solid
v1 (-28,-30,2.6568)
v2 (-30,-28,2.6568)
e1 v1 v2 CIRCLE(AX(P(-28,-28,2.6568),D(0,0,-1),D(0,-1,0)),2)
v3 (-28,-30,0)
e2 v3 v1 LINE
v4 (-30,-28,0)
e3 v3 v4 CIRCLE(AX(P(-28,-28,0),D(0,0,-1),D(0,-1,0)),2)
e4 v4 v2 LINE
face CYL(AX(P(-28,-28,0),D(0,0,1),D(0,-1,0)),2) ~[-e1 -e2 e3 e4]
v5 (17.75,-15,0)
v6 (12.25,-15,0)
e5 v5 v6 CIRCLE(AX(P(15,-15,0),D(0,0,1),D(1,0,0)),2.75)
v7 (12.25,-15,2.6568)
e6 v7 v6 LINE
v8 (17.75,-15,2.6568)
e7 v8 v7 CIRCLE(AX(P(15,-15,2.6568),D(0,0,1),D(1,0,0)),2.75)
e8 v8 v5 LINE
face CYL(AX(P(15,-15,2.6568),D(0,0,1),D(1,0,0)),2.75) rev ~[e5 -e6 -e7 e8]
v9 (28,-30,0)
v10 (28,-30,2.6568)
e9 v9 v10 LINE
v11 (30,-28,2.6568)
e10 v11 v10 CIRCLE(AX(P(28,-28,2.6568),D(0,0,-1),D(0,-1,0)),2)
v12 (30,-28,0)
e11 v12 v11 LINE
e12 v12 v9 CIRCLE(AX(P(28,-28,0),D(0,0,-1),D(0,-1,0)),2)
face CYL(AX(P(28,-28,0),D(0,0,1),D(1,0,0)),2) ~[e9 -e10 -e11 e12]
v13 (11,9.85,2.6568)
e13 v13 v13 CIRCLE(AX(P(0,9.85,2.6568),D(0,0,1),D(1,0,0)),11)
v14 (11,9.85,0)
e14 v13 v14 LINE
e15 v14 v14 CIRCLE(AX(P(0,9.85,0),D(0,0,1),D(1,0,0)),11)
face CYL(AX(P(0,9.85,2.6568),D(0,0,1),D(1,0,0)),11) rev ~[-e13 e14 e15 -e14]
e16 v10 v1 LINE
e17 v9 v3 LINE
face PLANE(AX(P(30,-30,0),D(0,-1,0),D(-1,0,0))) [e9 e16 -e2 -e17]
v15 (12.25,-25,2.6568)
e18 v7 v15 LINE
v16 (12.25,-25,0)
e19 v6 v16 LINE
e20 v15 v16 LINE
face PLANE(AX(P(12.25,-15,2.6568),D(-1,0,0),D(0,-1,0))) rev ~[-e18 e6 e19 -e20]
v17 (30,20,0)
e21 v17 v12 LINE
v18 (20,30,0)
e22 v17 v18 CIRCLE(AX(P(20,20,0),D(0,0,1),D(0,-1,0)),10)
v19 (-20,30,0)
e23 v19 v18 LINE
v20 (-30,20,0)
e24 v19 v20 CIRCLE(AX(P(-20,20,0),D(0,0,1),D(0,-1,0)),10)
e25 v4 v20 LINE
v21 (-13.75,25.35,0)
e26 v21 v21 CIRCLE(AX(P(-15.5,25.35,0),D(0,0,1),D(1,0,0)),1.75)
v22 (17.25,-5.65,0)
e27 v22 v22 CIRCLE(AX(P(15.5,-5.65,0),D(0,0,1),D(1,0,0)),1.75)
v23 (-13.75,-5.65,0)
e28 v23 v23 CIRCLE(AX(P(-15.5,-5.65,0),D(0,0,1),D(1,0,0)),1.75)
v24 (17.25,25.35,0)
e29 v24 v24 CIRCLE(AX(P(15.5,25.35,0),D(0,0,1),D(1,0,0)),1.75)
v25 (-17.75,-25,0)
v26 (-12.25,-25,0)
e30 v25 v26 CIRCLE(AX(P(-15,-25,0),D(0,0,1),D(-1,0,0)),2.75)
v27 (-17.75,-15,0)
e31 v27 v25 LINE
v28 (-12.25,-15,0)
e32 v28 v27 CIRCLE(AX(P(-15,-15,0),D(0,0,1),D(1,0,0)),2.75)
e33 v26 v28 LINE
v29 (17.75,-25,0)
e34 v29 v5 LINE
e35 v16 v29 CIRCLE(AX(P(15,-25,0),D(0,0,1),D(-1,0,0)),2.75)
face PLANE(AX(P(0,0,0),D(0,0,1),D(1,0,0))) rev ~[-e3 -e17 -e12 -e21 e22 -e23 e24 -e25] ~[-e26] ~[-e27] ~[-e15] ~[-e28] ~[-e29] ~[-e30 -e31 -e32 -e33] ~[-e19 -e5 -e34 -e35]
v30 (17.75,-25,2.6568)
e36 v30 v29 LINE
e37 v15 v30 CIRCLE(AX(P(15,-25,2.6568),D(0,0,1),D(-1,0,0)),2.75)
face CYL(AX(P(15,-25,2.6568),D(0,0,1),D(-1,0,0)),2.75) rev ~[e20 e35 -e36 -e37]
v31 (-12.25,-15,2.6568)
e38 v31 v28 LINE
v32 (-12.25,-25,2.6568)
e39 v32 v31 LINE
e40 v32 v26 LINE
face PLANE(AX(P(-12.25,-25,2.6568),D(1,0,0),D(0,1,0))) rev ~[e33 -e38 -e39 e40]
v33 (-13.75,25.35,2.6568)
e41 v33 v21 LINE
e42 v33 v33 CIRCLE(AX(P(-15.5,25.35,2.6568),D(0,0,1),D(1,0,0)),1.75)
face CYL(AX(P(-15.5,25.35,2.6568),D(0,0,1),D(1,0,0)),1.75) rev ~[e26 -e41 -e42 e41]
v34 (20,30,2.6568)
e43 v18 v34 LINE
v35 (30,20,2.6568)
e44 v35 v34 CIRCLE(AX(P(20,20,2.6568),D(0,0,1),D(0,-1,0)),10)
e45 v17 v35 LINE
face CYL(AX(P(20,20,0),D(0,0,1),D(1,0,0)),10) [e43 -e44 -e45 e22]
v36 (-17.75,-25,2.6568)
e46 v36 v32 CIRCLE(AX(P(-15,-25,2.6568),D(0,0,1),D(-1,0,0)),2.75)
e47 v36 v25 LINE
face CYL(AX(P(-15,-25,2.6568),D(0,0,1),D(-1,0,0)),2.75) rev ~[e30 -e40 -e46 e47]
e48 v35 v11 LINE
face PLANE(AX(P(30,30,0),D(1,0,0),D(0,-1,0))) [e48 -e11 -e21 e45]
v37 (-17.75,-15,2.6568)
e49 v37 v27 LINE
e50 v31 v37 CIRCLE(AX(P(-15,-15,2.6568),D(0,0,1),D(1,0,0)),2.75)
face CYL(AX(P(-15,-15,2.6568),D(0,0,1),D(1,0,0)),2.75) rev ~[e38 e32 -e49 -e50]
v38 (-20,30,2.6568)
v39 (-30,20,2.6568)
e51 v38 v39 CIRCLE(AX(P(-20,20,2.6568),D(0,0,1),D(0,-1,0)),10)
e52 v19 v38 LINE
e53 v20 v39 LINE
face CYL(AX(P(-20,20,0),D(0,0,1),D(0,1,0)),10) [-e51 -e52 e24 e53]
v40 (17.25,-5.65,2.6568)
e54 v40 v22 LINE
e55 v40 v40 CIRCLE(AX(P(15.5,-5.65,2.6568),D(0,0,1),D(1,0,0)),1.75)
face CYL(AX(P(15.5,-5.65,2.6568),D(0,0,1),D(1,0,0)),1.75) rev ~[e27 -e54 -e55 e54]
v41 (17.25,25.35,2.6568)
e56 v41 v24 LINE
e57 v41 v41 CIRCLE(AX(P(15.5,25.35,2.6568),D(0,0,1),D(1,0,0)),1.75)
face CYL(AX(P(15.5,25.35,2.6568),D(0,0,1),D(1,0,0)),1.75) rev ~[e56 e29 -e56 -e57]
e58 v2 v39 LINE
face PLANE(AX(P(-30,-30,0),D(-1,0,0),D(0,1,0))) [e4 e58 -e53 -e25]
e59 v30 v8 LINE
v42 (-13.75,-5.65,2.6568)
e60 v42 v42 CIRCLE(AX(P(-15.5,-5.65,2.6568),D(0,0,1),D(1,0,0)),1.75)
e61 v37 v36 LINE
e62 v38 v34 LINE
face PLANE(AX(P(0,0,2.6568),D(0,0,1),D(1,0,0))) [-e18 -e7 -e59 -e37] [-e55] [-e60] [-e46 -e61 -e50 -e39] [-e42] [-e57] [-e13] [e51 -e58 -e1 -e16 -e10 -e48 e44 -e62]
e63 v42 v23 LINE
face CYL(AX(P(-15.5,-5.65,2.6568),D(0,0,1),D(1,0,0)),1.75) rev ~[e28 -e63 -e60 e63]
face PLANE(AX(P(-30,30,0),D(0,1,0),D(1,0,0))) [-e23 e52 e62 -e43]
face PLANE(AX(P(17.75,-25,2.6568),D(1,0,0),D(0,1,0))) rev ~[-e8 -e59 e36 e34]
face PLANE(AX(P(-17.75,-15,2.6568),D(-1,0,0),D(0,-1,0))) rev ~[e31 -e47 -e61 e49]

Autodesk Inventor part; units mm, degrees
ref_plane "YZ Plane" through (0, 0, 0) normal (1, 0, 0) x (0, 1, 0)
ref_plane "XZ Plane" through (0, 0, 0) normal (0, 1, 0) x (-1, 0, 0)
ref_plane "XY Plane" through (0, 0, 0) normal (0, 0, 1) x (1, 0, 0)
sketch "Sketch1" plane through (0, 0, 0) normal (0, 0, 1) x (1, 0, 0)
  line L0 (-30, 30) -> (30, 30)
  line L1 (30, 30) -> (30, -30)
  line L2 (30, -30) -> (-30, -30)
  line L3 (-30, -30) -> (-30, 30)
  point P0 (0, 0)
  dimension "d0" = 60
  dimension "d1" = 60
  dimension "d2" = 30
  dimension "d3" = 30
extrude "Extrusion1" add sketch "Sketch1" along normal blind 2.6568
fillet "Fillet1" radius 2 2 edges at (30, -30, 1.3284) (-30, -30, 1.3284)
sketch "Sketch3" plane through (0, 0, 2.6568) normal (0, 0, 1) x (1, 0, 0)
  line L0 (-28, -30) -> (28, -30) projected
  line L1 (30, -28) -> (30, 30) projected
  line L2 (-30, 30) -> (-30, -28) projected
  line L3 (-15, -15) -> (-15, -25) construction
  line L4 (-17.75, -15) -> (-17.75, -25)
  line L5 (-12.25, -25) -> (-12.25, -15)
  arc A0 (-12.25, -15) -> (-17.75, -15) centre (-15, -15) ccw
  arc A1 (-17.75, -25) -> (-12.25, -25) centre (-15, -25) ccw
  line L6 (15, -15) -> (15, -25) construction
  line L7 (12.25, -15) -> (12.25, -25)
  line L8 (17.75, -25) -> (17.75, -15)
  arc A2 (17.75, -15) -> (12.25, -15) centre (15, -15) ccw
  arc A3 (12.25, -25) -> (17.75, -25) centre (15, -25) ccw
  point P0 (0, 0)
  point P1 (-15, -20)
  point P2 (15, -20)
  dimension "d14" = 10
  dimension "d15" = 5.5
  dimension "d16" = 5
  dimension "d17" = 15
  dimension "d18" = 5.5
  dimension "d19" = 45
  dimension "d20" = 10
  dimension "d21" = 5
extrude "Extrusion3" cut sketch "Sketch3" against normal through all
sketch "Sketch4" plane through (0, 0, 2.6568) normal (0, 0, 1) x (1, 0, 0)
  line L0 (30, -28) -> (30, 30) projected
  circle A0 centre (0, 9.85) radius 11
  line L1 (-28, -30) -> (28, -30) projected
  point P0 (0, 0)
  dimension "d24" = 22
  dimension "d25" = 30
  dimension "d31" = 39.85
extrude "Extrusion4" cut sketch "Sketch4" against normal blind 7
sketch "Sketch6" plane through (0, 0, 2.6568) normal (0, 0, 1) x (1, 0, 0)
  circle A0 centre (-15.5, -5.65) radius 1.75
  circle A1 centre (0, 9.85) radius 11 projected
  point P0 (0, 0)
  dimension "d32" = 3.5
  dimension "d44" = 15.5
  dimension "d45" = 15.5
extrude "Extrusion6" cut sketch "Sketch6" against normal through all contours A0
pattern_linear "Rectangular Pattern1" count 2 spacing 31 along (1, 0, 0) count 2 spacing 31 along (0, 1, 0) of "Extrusion6"
fillet "Fillet2" radius 10 2 edges at (30, 30, 1.3284) (-30, 30, 1.3284)
equation "\"d2\" = 0.5 * d0"
equation "\"d3\" = 0.5 * d1"
properties part number "nema17_y_axis_motor_mount_12ga" material "UHMW, Black"
